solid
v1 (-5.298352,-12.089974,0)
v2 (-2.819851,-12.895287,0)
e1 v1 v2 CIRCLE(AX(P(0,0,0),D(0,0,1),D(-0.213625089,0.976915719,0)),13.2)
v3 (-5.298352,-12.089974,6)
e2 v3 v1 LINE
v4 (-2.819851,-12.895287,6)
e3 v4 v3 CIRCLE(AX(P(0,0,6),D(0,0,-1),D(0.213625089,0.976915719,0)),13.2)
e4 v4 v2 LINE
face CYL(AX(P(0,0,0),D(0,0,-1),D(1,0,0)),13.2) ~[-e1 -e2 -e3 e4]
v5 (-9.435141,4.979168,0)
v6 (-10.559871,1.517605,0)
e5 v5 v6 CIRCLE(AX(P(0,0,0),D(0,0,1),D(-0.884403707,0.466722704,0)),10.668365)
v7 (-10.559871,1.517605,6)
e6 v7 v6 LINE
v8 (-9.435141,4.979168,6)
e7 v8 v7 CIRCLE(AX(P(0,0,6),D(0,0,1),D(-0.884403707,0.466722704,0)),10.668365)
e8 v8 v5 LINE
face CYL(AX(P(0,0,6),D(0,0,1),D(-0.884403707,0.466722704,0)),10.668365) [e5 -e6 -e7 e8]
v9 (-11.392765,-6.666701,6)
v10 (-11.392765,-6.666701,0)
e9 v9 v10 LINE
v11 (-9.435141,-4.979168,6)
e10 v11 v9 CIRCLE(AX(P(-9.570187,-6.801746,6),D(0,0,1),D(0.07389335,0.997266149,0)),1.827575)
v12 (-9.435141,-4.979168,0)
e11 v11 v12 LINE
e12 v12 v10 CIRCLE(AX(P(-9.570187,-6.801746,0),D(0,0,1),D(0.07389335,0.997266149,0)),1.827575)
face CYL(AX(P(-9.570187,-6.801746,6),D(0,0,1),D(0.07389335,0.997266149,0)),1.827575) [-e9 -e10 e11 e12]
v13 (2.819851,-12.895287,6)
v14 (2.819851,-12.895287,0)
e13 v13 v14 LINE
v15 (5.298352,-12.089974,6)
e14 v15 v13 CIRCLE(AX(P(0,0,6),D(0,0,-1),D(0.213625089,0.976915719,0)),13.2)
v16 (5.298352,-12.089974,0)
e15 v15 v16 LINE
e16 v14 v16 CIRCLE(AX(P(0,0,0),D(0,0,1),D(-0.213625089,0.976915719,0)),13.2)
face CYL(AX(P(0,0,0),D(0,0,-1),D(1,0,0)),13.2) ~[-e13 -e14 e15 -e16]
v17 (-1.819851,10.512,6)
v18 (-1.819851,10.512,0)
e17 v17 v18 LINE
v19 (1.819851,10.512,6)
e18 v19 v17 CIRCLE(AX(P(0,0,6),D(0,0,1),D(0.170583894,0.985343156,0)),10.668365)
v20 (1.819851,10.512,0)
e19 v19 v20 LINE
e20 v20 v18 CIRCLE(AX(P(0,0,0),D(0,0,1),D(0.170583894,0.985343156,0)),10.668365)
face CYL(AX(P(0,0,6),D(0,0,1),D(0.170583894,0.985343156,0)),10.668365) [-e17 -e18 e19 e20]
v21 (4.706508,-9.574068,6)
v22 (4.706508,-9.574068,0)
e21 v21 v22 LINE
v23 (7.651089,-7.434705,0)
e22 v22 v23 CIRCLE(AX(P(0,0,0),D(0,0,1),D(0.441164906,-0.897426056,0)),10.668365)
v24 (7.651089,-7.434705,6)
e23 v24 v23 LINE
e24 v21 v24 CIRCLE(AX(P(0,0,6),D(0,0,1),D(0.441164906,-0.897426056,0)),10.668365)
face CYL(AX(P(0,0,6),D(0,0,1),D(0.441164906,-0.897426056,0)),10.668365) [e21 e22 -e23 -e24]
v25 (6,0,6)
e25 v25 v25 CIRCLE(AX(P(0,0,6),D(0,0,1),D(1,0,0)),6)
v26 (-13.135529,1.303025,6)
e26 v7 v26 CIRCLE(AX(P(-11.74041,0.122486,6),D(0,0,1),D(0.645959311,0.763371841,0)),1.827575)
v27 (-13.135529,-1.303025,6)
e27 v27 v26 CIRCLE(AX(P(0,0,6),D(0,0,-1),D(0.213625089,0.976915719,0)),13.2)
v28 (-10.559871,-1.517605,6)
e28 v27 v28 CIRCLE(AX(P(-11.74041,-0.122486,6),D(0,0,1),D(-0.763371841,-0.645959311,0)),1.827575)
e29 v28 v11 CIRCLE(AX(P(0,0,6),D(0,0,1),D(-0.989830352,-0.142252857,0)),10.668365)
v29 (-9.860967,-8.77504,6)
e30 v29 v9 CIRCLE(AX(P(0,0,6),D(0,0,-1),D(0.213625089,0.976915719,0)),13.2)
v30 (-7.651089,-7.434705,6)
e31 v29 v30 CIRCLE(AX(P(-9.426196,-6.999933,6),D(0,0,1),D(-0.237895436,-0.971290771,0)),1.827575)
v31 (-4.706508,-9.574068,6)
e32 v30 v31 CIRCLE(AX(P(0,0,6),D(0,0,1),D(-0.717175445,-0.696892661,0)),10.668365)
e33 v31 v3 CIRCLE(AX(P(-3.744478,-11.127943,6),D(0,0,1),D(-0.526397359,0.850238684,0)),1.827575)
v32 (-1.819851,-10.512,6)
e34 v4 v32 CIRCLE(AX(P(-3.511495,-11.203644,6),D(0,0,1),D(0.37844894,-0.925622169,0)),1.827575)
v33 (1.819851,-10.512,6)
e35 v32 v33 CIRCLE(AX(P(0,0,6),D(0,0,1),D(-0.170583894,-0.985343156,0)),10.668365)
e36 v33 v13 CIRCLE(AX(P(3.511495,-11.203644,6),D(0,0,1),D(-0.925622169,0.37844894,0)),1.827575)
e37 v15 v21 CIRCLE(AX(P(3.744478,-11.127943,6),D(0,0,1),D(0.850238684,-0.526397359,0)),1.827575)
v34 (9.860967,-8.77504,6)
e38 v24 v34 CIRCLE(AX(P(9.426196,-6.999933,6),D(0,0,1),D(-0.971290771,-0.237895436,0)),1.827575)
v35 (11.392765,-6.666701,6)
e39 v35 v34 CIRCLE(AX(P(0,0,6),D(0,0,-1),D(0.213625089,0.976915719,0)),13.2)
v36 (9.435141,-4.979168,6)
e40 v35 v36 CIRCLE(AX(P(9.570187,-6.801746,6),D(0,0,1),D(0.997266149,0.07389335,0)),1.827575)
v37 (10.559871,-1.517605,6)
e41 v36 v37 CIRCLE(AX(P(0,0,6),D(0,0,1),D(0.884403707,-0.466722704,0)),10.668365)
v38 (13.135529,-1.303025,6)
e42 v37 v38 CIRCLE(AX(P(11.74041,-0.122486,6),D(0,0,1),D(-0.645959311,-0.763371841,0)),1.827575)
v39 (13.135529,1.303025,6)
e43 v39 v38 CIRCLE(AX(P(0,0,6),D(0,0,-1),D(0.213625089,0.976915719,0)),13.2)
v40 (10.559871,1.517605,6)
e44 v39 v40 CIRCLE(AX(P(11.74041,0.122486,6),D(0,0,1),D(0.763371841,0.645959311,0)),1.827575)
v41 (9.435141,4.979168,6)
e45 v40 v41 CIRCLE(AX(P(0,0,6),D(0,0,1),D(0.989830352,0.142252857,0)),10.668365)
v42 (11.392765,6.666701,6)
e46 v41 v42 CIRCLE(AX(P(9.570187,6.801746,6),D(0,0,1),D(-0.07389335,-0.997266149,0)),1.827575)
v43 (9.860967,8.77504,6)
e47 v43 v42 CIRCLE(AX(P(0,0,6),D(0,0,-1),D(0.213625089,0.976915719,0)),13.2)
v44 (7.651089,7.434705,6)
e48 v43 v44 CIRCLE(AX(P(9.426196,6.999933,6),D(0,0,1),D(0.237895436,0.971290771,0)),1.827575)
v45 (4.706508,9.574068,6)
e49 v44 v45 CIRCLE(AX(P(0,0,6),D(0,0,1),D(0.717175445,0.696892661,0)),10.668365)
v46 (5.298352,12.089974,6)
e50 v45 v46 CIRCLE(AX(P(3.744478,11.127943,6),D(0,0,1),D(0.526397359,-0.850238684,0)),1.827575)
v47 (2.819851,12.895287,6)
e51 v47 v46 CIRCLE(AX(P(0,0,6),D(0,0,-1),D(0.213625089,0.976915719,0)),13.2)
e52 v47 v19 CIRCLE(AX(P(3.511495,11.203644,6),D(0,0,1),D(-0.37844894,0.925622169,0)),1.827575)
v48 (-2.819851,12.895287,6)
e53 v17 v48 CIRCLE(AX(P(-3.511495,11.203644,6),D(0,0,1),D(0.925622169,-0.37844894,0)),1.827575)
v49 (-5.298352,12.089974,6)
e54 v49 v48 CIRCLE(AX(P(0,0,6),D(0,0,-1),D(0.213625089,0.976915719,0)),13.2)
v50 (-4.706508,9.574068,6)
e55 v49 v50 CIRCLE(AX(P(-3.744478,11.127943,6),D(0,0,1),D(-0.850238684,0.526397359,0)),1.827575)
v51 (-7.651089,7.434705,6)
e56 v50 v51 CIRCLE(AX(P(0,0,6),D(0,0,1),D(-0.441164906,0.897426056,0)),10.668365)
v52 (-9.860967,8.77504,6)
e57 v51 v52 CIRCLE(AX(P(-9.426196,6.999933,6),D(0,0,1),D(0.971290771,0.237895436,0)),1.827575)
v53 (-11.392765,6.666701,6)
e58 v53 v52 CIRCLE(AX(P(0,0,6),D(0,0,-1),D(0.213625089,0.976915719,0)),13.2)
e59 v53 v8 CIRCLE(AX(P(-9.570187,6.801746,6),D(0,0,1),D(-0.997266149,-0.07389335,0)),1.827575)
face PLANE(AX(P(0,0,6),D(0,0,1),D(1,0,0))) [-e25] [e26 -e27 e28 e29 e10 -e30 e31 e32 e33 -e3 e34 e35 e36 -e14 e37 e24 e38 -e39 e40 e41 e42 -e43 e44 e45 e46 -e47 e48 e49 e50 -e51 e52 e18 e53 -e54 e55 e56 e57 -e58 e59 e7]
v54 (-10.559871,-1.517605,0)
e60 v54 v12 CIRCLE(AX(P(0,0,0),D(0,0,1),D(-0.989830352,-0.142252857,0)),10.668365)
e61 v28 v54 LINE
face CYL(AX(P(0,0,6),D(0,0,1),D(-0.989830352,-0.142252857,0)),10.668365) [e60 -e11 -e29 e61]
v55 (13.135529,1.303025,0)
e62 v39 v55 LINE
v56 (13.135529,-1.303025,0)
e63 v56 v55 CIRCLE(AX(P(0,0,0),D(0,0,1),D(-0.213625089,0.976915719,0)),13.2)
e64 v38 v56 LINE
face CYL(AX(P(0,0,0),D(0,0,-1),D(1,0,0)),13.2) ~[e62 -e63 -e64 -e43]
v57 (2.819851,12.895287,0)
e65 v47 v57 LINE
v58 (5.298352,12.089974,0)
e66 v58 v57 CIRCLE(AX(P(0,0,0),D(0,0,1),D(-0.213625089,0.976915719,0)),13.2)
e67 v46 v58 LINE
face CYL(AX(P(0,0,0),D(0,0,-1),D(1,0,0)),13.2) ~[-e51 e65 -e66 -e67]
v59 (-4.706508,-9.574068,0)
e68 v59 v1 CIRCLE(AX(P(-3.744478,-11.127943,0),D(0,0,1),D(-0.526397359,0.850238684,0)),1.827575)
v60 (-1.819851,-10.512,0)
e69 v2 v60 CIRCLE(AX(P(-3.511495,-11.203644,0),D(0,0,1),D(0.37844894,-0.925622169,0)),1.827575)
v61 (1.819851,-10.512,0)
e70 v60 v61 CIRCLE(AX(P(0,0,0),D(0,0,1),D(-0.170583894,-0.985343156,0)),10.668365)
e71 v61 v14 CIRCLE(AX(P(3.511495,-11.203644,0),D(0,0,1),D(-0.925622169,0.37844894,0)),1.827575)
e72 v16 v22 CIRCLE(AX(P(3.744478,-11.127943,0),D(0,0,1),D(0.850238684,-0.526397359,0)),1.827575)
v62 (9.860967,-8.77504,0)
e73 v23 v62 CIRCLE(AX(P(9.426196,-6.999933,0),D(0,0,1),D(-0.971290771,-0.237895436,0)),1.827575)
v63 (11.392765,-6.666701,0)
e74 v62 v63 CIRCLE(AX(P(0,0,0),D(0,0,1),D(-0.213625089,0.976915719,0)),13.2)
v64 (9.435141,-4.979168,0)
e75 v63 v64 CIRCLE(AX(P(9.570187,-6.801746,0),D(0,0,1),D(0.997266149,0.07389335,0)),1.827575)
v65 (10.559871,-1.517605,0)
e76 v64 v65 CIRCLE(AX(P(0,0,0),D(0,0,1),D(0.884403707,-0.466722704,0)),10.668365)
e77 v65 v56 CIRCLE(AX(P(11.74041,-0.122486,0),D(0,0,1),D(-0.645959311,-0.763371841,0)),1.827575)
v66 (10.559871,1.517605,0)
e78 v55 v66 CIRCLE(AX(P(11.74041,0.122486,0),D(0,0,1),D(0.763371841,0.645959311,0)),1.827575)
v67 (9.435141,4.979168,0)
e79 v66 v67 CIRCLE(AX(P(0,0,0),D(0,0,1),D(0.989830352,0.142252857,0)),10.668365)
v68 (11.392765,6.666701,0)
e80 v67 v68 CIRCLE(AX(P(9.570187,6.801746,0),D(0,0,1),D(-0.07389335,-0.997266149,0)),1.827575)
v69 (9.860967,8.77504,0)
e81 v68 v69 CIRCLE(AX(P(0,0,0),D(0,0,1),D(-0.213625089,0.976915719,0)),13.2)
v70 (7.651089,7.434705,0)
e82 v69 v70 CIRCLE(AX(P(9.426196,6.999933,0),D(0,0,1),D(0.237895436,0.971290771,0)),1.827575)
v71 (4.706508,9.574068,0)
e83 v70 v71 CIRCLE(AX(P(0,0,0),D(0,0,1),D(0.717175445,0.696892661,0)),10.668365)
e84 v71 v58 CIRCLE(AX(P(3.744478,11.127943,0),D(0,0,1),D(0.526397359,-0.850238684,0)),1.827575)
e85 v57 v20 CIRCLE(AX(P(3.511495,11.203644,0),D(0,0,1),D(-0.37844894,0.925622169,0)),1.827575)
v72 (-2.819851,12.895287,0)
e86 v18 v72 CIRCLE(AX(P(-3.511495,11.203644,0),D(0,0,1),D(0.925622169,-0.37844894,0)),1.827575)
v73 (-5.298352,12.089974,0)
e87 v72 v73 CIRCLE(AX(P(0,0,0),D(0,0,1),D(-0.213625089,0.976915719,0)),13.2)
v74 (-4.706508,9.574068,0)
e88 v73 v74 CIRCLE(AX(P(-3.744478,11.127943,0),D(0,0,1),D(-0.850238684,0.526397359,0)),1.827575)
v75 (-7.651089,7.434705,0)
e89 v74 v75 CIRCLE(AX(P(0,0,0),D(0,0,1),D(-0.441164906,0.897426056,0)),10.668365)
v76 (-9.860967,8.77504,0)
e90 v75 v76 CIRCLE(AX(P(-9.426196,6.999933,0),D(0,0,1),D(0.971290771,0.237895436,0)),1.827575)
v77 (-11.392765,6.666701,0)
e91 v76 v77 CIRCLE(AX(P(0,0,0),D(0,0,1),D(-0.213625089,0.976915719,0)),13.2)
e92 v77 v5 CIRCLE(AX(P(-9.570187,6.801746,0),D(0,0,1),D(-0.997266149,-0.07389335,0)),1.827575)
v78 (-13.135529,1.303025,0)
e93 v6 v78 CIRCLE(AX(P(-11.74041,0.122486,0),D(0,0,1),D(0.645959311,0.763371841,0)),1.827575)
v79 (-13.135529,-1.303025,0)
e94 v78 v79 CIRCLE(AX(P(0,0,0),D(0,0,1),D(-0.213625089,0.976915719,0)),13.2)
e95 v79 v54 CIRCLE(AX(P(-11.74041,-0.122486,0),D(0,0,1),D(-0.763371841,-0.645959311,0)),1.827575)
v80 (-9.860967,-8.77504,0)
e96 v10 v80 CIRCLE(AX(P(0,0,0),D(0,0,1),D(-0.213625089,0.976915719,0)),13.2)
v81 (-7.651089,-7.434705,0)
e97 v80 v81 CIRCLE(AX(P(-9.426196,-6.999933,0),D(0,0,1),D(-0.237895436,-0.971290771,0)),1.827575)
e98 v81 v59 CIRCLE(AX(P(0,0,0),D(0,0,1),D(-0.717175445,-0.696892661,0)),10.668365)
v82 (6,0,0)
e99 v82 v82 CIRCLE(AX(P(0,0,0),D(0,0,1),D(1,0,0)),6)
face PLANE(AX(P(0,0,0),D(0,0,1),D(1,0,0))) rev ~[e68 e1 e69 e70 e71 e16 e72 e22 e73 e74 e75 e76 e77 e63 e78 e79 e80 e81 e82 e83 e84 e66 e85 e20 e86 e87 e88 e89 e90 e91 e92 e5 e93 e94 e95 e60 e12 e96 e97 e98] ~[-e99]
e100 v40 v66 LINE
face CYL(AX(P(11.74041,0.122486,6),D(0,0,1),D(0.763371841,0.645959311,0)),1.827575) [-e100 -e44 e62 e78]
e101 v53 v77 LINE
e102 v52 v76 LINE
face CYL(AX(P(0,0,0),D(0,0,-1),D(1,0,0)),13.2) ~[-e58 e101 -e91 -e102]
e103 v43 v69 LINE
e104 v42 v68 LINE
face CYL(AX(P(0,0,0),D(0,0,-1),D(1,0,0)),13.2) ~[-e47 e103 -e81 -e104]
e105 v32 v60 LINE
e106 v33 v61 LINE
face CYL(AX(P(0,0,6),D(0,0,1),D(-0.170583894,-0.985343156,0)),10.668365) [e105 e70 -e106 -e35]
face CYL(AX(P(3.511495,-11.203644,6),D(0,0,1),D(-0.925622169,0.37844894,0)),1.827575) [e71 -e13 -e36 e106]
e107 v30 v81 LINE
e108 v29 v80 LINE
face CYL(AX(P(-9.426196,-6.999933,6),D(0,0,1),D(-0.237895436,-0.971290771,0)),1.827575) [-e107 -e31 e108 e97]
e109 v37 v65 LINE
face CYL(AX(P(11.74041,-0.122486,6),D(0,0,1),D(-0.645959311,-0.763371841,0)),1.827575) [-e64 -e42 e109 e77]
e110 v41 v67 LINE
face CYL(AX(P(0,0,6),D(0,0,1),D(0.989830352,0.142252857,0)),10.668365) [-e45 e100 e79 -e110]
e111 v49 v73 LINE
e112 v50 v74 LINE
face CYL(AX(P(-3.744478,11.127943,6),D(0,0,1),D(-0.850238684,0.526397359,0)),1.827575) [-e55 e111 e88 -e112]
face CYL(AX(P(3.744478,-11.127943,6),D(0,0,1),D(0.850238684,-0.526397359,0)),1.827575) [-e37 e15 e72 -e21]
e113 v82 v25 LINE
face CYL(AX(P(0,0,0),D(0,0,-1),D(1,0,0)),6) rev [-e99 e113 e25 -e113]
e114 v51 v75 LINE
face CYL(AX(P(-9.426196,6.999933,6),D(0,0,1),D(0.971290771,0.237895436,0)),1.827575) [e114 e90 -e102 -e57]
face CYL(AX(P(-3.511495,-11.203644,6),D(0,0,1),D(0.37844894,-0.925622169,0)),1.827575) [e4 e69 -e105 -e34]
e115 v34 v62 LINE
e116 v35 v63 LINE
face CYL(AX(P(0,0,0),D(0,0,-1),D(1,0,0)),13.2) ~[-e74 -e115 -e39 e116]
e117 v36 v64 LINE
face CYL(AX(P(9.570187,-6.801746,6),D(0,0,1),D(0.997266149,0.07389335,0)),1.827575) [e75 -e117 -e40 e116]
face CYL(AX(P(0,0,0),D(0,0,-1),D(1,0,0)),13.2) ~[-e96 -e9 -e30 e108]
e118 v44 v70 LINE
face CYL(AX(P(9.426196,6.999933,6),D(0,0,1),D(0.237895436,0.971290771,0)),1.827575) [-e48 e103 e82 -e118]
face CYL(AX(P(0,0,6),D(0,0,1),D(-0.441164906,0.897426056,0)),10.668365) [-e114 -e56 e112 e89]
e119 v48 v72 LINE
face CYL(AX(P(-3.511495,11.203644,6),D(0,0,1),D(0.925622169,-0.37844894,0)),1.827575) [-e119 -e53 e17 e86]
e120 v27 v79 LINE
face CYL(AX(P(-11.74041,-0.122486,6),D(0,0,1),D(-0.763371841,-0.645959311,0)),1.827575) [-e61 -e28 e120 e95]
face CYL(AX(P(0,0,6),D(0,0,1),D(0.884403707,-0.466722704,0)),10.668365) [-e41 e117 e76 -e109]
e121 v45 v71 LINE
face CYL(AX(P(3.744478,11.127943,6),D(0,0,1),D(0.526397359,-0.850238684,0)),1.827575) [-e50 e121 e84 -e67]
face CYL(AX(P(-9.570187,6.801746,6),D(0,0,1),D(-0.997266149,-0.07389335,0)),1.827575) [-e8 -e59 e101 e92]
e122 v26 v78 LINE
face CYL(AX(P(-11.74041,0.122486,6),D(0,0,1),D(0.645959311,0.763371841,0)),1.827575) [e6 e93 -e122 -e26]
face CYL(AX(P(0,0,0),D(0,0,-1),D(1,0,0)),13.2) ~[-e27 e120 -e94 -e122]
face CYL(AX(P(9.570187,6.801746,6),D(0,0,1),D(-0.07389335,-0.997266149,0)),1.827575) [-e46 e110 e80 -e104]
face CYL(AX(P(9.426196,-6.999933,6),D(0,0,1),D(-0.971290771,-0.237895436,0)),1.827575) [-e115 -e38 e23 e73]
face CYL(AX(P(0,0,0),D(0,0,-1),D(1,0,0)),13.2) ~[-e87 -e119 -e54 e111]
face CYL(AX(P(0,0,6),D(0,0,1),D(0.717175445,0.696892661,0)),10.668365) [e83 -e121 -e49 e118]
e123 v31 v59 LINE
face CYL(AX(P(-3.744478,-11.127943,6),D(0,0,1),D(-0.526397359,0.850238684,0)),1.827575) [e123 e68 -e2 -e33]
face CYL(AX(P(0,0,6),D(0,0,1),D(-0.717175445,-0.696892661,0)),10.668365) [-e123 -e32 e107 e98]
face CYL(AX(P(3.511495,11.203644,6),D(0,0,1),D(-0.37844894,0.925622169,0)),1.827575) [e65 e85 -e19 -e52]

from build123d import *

# Parameters (mm, degrees)
SKETCH1_R           = 13.2
SKETCH1_R_2         = 6
BOSS_EXTRUDE1_DEPTH = 6
CUT_EXTRUDE1_DEPTH  = 7
CIRPATTERN1_COUNT   = 10


with BuildPart() as part:
    # Sketch1 → Boss-Extrude1 (new body)
    with BuildSketch(Plane.XY):
        Circle(SKETCH1_R)
        Circle(SKETCH1_R_2, mode=Mode.SUBTRACT)
    extrude(amount=BOSS_EXTRUDE1_DEPTH)

    # Sketch2 → Cut-Extrude1 (cut, through all)
    with BuildSketch(Plane.XY.offset(6)):
        with BuildLine():
            ThreePointArc((-2.819851171, 12.895287487), (0, 13.2), (2.819851171, 12.895287487))
            ThreePointArc((2.819851171, 12.895287487), (1.826256171, 11.910750525), (1.819851171, 10.512))
            ThreePointArc((1.819851171, 10.512), (0, 10.668364555), (-1.819851171, 10.512))
            ThreePointArc((-1.819851171, 10.512), (-1.826256171, 11.910750525), (-2.819851171, 12.895287487))
        make_face()
    cut_extrude1 = extrude(amount=-CUT_EXTRUDE1_DEPTH, mode=Mode.SUBTRACT)

    # CirPattern1: Cut-Extrude1 ×10 about axis
    cirpattern1_axis = Axis((0, 0, 0), (0, 0, 1))
    for i in range(1, CIRPATTERN1_COUNT):
        add(cut_extrude1.rotate(cirpattern1_axis, i * 360 / CIRPATTERN1_COUNT), mode=Mode.SUBTRACT)


solid = part.part
